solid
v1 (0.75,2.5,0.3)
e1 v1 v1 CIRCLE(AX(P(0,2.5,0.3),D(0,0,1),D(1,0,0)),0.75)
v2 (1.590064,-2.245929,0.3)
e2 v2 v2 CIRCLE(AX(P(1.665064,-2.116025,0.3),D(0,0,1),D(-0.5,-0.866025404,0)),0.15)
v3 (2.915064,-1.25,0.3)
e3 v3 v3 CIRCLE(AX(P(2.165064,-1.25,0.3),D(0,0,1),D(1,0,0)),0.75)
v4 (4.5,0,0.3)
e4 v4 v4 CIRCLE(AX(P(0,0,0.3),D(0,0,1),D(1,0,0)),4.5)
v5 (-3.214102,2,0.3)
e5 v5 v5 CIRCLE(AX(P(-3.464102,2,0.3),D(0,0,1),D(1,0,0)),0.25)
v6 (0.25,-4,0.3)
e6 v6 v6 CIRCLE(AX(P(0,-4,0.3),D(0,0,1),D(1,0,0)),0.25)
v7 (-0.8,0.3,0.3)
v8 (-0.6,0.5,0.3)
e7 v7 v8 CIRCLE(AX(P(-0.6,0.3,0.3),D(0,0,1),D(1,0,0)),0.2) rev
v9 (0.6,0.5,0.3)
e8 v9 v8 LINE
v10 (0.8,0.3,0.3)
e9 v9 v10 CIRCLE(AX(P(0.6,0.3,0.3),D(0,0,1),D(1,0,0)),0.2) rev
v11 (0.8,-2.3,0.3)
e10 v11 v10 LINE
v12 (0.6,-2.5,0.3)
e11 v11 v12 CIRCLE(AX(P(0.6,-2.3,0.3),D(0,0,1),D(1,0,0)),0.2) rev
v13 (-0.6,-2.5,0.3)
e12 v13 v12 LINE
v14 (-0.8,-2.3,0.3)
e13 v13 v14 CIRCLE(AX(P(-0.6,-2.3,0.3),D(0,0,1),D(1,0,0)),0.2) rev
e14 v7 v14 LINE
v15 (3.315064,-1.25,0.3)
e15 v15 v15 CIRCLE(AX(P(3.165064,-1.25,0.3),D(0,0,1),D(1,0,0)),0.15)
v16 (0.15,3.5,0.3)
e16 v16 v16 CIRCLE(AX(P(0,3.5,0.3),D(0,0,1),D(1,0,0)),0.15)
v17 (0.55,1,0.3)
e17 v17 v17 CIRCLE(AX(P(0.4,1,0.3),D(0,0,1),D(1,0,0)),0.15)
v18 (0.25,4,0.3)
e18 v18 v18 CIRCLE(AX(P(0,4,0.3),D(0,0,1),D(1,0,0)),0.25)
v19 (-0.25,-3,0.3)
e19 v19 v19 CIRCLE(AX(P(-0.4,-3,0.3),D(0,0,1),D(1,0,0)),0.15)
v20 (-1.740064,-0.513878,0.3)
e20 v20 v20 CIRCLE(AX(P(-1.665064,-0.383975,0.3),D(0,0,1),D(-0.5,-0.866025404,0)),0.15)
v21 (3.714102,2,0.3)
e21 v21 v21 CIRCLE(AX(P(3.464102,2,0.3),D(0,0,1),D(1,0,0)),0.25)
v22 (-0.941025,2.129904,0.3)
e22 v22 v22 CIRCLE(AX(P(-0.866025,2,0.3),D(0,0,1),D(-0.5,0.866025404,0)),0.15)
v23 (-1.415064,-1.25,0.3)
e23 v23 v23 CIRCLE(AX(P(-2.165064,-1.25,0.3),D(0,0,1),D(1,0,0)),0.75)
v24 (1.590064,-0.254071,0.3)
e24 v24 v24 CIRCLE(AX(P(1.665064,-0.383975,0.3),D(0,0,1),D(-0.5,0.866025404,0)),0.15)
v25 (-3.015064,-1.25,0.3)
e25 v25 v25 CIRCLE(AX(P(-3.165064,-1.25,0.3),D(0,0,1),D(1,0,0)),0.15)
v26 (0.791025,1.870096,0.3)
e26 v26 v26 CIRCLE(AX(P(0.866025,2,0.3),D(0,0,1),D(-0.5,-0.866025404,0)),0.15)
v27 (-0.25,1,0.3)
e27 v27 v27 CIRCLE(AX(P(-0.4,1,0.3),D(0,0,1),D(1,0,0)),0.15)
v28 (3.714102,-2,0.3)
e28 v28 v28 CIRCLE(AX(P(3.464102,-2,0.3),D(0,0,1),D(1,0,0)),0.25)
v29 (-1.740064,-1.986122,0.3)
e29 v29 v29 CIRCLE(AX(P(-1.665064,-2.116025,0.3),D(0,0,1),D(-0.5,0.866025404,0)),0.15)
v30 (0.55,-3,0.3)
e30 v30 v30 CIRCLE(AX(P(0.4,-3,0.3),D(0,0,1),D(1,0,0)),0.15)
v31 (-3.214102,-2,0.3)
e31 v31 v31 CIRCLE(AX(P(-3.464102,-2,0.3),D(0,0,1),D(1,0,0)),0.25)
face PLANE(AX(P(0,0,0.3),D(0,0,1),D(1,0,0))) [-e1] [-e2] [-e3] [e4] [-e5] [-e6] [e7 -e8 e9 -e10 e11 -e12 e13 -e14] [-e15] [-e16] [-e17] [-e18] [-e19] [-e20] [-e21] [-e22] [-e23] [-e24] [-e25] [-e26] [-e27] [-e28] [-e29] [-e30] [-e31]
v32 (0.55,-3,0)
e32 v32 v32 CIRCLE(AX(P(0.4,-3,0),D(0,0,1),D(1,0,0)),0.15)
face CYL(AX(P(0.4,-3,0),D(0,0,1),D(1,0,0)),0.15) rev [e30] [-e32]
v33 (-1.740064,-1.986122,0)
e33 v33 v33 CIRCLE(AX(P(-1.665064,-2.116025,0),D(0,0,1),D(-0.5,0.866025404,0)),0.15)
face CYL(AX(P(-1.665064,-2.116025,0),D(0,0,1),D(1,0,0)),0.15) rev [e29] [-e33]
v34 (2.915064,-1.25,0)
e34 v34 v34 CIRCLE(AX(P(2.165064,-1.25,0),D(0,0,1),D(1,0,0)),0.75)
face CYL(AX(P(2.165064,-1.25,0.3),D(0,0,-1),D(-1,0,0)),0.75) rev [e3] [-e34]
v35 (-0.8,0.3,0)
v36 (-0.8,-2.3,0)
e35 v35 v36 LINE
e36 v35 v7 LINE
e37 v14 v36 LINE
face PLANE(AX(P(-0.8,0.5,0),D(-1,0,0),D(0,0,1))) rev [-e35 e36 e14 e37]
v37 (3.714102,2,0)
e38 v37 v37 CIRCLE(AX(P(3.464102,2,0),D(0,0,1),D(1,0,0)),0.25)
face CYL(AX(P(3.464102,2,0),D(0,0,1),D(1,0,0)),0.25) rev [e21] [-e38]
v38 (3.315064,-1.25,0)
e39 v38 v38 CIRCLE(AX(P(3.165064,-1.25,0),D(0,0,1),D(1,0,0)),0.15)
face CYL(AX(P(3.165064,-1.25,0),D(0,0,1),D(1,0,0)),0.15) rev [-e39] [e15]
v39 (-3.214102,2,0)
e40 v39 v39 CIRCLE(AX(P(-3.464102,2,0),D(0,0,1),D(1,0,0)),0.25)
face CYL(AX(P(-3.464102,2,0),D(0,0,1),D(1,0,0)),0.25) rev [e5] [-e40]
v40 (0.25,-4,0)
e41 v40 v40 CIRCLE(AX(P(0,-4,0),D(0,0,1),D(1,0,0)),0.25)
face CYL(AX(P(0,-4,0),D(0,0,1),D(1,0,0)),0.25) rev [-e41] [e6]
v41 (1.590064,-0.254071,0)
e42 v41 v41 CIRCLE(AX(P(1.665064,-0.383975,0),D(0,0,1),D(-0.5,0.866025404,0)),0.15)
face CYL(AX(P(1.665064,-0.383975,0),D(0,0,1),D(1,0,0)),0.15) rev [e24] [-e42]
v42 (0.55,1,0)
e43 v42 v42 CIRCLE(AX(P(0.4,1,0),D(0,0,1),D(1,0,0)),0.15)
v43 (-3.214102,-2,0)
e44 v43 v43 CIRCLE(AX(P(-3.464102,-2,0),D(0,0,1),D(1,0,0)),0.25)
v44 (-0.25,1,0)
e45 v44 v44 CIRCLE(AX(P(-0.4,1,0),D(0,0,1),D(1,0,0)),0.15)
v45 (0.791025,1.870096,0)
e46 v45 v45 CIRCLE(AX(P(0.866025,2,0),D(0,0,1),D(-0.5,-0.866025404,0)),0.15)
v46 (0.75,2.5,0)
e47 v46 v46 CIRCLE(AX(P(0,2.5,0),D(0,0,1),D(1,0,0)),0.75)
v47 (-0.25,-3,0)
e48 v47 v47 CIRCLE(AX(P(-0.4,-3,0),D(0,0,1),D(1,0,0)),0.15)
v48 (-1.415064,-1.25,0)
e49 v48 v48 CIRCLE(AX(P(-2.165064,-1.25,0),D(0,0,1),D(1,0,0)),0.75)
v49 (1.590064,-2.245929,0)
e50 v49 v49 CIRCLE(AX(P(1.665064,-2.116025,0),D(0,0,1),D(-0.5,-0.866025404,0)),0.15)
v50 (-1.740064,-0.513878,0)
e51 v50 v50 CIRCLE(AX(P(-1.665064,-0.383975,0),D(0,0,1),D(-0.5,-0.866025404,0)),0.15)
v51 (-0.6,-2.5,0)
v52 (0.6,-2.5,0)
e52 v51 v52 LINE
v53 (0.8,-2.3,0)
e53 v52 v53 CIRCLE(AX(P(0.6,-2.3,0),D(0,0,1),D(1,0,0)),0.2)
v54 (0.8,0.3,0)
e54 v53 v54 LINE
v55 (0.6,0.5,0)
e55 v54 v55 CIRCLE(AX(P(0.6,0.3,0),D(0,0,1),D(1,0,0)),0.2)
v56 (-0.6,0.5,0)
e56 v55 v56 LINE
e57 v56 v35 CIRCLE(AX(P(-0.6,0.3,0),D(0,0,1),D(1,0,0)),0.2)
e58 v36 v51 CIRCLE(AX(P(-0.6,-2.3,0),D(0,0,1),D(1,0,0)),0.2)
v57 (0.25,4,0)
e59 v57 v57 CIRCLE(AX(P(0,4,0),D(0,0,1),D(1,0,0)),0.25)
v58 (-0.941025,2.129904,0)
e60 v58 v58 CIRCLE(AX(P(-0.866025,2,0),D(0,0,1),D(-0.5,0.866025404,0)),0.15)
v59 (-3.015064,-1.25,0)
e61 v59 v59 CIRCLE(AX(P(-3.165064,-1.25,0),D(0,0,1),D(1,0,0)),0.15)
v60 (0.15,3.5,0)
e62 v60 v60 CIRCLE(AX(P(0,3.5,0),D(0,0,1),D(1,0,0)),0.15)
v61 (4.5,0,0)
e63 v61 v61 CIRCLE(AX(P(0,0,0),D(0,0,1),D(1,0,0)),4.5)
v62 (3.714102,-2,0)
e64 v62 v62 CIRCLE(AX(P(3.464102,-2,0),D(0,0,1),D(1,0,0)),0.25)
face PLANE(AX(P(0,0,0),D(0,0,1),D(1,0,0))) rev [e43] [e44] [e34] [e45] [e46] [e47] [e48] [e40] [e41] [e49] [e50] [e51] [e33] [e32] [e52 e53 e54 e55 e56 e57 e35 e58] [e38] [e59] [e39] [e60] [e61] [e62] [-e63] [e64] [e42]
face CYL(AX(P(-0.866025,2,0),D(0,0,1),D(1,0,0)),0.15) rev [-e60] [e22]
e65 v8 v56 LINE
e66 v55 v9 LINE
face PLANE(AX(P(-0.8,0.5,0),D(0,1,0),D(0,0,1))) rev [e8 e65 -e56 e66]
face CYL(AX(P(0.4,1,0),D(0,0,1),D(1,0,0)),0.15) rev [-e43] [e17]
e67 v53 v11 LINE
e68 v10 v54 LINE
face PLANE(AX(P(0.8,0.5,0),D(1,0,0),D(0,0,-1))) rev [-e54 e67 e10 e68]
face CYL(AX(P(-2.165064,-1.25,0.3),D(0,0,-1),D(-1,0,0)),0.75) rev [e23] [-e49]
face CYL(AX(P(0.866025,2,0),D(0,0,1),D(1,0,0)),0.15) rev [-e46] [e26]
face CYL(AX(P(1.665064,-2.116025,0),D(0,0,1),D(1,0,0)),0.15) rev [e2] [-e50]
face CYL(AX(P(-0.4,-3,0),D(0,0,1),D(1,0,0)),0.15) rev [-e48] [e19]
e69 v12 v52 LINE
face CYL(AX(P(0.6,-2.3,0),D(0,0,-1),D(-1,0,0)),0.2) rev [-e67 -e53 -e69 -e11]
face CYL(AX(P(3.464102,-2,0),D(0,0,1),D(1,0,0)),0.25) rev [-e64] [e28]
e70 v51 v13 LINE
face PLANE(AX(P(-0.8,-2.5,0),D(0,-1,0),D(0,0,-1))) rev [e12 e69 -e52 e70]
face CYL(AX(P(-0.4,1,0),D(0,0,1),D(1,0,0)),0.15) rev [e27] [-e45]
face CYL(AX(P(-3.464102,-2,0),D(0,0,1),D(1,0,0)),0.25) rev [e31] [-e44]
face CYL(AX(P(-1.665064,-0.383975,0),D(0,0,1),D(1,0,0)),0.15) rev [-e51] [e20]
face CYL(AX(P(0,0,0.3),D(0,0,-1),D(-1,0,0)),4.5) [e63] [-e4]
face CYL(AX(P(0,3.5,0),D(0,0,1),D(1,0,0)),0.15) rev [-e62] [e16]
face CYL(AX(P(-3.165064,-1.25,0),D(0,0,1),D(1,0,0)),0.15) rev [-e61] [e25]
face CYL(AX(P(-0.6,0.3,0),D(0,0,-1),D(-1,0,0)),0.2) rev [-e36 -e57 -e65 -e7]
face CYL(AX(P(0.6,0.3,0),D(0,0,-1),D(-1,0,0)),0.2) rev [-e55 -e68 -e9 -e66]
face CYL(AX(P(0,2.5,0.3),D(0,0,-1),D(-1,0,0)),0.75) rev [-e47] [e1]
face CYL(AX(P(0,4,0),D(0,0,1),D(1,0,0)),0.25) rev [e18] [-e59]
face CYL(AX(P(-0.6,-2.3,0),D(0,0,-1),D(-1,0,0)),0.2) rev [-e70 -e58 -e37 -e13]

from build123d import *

# Parameters (mm, degrees)
SKETCH1_R           = 4.5
SKETCH1_R_2         = 0.75
BOSS_EXTRUDE1_DEPTH = 0.3
SKETCH2_R           = 0.25
CUT_EXTRUDE1_DEPTH  = 0.3
SKETCH3_W           = 1.6
SKETCH3_H           = 3
CUT_EXTRUDE2_DEPTH  = 0.3
FILLET1_R           = 0.2
SKETCH4_R           = 0.15
CUT_EXTRUDE3_DEPTH  = 0.3
CIRPATTERN1_COUNT   = 3
SKETCH5_R           = 0.15
CUT_EXTRUDE4_DEPTH  = 0.3
CIRPATTERN3_COUNT   = 3
SKETCH6_R           = 0.15
CUT_EXTRUDE5_DEPTH  = 0.3
CIRPATTERN4_COUNT   = 3
SKETCH7_R           = 0.15
CUT_EXTRUDE8_DEPTH  = 0.3


with BuildPart() as part:
    # Sketch1 → Boss-Extrude1 (new body)
    with BuildSketch(Plane.XY):
        Circle(SKETCH1_R)
        with Locations((0, 2.5)):
            Circle(SKETCH1_R_2, mode=Mode.SUBTRACT)
        with Locations((2.165063509, -1.25)):
            Circle(SKETCH1_R_2, mode=Mode.SUBTRACT)
        with Locations((-2.165063509, -1.25)):
            Circle(SKETCH1_R_2, mode=Mode.SUBTRACT)
    extrude(amount=BOSS_EXTRUDE1_DEPTH)

    # Sketch2 → Cut-Extrude1 (cut)
    with BuildSketch(Plane.XY.offset(0.3)):
        with Locations((0, -4)):
            Circle(SKETCH2_R)
        with Locations((-3.464101615, -2)):
            Circle(SKETCH2_R)
        with Locations((-3.464101615, 2)):
            Circle(SKETCH2_R)
        with Locations((0, 4)):
            Circle(SKETCH2_R)
        with Locations((3.464101615, 2)):
            Circle(SKETCH2_R)
        with Locations((3.464101615, -2)):
            Circle(SKETCH2_R)
    extrude(amount=-CUT_EXTRUDE1_DEPTH, mode=Mode.SUBTRACT)

    # Sketch3 → Cut-Extrude2 (cut)
    with BuildSketch(Plane.XY.offset(0.3)):
        with Locations((0, -1)):
            Rectangle(SKETCH3_W, SKETCH3_H)
    extrude(amount=-CUT_EXTRUDE2_DEPTH, mode=Mode.SUBTRACT)

    # Fillet1
    fillet1_edges = [part.edges().sort_by_distance(p)[0] for p in [
        (-0.8, 0.5, 0.15),
        (0.8, 0.5, 0.15),
        (0.8, -2.5, 0.15),
        (-0.8, -2.5, 0.15),
    ]]
    fillet(fillet1_edges, radius=FILLET1_R)

    # Sketch4 → Cut-Extrude3 (cut)
    with BuildSketch(Plane.XY.offset(0.3)):
        with Locations((0, 3.5)):
            Circle(SKETCH4_R)
    cut_extrude3 = extrude(amount=-CUT_EXTRUDE3_DEPTH, mode=Mode.SUBTRACT)

    # CirPattern1: Cut-Extrude3 ×3 about axis
    cirpattern1_axis = Axis((0, 2.5, 0), (0, 0, 1))
    for i in range(1, CIRPATTERN1_COUNT):
        add(cut_extrude3.rotate(cirpattern1_axis, i * 360 / CIRPATTERN1_COUNT), mode=Mode.SUBTRACT)

    # Sketch5 → Cut-Extrude4 (cut)
    with BuildSketch(Plane.XY.offset(0.3)):
        with Locations((3.165063509, -1.25)):
            Circle(SKETCH5_R)
    cut_extrude4 = extrude(amount=-CUT_EXTRUDE4_DEPTH, mode=Mode.SUBTRACT)

    # CirPattern3: Cut-Extrude4 ×3 about axis
    cirpattern3_axis = Axis((2.165063509, -1.25, 0), (0, 0, 1))
    for i in range(1, CIRPATTERN3_COUNT):
        add(cut_extrude4.rotate(cirpattern3_axis, i * 360 / CIRPATTERN3_COUNT), mode=Mode.SUBTRACT)

    # Sketch6 → Cut-Extrude5 (cut)
    with BuildSketch(Plane.XY.offset(0.3)):
        with Locations((-3.165063509, -1.25)):
            Circle(SKETCH6_R)
    cut_extrude5 = extrude(amount=-CUT_EXTRUDE5_DEPTH, mode=Mode.SUBTRACT)

    # CirPattern4: Cut-Extrude5 ×3 about axis
    cirpattern4_axis = Axis((-2.165063509, -1.25, 0), (0, 0, 1))
    for i in range(1, CIRPATTERN4_COUNT):
        add(cut_extrude5.rotate(cirpattern4_axis, i * 360 / CIRPATTERN4_COUNT), mode=Mode.SUBTRACT)

    # Sketch7 → Cut-Extrude8 (cut)
    with BuildSketch(Plane.XY.offset(0.3)):
        with Locations((0.4, -3)):
            Circle(SKETCH7_R)
        with Locations((-0.4, -3)):
            Circle(SKETCH7_R)
        with Locations((0.4, 1)):
            Circle(SKETCH7_R)
        with Locations((-0.4, 1)):
            Circle(SKETCH7_R)
    extrude(amount=-CUT_EXTRUDE8_DEPTH, mode=Mode.SUBTRACT)


solid = part.part
